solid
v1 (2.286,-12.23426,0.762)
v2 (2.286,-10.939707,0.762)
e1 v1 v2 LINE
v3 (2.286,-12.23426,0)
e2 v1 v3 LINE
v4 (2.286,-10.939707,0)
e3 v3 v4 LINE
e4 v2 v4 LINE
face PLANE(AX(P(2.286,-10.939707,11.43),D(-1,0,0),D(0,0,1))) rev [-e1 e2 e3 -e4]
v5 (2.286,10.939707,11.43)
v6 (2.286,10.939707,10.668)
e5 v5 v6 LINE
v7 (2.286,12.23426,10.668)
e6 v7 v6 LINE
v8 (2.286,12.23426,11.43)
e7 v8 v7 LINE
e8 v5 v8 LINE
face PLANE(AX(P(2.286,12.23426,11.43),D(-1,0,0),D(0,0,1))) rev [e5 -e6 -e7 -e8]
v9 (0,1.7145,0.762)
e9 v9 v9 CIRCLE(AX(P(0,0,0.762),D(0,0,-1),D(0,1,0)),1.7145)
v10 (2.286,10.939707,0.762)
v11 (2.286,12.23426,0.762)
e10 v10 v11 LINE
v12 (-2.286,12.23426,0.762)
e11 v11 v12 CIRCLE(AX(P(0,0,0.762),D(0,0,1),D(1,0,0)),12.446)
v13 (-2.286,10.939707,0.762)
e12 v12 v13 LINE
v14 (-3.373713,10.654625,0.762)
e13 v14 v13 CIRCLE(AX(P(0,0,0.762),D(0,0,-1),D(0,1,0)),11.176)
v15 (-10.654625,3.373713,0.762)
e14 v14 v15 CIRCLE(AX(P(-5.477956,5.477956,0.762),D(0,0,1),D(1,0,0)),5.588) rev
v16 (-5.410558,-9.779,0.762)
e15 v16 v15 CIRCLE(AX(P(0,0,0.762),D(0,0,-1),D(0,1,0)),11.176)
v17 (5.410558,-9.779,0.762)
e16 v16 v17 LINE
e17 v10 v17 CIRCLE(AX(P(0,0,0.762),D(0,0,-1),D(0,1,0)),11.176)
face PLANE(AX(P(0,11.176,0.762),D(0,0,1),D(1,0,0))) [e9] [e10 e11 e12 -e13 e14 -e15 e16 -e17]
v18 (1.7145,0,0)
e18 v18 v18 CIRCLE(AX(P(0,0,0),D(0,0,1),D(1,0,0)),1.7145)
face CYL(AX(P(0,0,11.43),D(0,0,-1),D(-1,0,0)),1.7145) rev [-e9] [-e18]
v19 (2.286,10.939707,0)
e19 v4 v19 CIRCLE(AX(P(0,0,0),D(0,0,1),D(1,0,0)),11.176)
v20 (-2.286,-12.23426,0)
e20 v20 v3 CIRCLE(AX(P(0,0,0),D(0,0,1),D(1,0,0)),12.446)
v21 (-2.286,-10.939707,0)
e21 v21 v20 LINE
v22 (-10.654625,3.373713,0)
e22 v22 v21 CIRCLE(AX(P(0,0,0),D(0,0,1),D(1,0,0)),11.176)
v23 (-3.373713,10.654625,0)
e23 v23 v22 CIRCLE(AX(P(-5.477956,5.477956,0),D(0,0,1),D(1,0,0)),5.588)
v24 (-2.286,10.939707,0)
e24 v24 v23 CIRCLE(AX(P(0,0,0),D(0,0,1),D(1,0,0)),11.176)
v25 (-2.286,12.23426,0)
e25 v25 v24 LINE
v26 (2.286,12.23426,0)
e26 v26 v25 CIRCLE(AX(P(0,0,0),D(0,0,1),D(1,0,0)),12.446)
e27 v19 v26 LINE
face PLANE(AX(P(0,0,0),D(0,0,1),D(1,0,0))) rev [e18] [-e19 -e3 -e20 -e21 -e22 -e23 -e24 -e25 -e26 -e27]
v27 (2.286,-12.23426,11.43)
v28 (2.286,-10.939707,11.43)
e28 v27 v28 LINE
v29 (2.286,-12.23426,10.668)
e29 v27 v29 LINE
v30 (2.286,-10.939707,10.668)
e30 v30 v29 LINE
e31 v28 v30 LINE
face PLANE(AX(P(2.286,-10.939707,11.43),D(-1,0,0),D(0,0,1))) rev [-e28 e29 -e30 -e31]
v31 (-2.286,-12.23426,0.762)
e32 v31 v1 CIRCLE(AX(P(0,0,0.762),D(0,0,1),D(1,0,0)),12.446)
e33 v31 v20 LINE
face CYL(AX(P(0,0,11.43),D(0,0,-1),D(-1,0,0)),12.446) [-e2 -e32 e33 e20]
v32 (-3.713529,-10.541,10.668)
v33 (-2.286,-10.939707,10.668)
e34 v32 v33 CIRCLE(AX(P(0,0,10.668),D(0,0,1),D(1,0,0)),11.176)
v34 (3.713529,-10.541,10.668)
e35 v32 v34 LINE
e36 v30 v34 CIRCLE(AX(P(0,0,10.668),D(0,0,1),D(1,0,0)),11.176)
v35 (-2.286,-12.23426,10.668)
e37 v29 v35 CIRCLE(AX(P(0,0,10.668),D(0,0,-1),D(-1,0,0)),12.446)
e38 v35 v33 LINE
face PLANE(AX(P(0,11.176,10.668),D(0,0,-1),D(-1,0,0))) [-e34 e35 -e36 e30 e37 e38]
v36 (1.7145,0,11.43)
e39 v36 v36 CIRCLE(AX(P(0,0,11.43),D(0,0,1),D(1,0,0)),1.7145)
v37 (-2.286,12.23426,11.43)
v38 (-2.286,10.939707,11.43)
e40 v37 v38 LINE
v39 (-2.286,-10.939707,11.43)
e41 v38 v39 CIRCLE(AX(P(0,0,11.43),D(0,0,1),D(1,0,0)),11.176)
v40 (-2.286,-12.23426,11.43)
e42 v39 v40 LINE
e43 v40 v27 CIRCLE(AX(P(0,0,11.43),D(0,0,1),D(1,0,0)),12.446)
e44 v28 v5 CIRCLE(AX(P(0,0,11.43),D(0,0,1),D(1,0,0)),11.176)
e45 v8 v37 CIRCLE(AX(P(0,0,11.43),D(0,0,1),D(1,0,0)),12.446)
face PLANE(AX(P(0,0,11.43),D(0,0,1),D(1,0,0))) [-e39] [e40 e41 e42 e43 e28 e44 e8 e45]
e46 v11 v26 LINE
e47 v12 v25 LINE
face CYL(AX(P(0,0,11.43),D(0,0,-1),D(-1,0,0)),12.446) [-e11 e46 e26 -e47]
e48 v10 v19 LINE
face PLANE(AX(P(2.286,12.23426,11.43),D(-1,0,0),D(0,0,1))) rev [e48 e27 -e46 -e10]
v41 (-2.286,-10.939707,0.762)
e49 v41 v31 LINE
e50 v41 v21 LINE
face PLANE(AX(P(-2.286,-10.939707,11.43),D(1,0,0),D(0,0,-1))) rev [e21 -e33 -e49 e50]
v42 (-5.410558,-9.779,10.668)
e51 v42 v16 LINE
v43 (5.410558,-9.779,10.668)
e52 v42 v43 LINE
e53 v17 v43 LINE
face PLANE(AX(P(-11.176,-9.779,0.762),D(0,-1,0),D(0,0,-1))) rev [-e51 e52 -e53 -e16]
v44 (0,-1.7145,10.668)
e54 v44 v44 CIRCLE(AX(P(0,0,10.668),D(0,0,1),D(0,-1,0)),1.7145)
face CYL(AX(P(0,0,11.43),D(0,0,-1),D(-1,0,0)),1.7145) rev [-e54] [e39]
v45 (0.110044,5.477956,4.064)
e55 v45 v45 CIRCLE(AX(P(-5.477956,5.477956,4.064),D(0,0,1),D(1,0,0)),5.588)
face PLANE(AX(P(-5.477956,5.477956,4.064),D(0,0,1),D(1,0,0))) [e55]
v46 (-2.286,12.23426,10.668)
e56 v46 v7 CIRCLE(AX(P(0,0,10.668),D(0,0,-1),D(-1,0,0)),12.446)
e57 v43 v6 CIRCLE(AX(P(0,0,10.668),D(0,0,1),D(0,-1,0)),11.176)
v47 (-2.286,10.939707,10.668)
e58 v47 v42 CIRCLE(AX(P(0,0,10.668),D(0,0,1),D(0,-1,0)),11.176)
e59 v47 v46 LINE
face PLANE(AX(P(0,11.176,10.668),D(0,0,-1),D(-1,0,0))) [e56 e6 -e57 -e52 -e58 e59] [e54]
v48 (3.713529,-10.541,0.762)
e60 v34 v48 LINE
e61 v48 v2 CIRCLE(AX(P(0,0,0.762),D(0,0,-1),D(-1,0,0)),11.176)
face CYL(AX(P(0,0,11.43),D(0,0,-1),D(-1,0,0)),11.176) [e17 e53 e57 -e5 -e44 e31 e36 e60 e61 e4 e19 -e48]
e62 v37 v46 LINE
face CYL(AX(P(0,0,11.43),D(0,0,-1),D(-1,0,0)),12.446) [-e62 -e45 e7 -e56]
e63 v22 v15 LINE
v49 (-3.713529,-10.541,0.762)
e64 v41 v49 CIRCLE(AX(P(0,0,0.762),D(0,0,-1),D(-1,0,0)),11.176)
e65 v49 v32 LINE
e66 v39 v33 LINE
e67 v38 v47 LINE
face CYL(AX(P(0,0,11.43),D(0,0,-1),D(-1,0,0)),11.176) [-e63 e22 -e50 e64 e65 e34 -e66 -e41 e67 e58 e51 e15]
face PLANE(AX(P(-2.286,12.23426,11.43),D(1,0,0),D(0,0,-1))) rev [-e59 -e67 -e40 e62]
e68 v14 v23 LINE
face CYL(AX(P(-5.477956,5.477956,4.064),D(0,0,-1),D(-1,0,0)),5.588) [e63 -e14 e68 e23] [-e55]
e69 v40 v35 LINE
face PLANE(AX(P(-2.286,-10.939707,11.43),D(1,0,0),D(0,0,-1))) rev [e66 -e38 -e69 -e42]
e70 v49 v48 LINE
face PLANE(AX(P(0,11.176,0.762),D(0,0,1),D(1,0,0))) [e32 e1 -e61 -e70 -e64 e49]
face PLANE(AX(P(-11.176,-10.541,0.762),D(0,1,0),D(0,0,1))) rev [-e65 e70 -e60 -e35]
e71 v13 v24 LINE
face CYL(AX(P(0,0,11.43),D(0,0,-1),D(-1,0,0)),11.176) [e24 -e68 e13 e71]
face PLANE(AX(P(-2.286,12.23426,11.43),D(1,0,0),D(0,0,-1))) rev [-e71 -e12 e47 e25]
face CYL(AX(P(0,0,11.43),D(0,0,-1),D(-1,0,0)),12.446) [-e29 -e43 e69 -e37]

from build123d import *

# Parameters (mm, degrees)
SKETCH1_R               = 1.7145
BOSS_EXTRUDE1_DEPTH     = 11.43
SKETCH2_W               = 9.906
SKETCH2_H               = 2.54
CUT_EXTRUDE1_DEPTH      = 21.259585188
CUT_EXTRUDE1_DEPTH_BACK = 21.259585188
SKETCH4_W               = 9.906
SKETCH4_H               = 20.955
SKETCH4_H_2             = 0.635
SKETCH3_R               = 5.588
BOSS_EXTRUDE2_DEPTH     = 4.064


with BuildPart() as part:
    # Sketch1 → Boss-Extrude1 (new body)
    with BuildSketch(Plane.XY):
        with BuildLine():
            Line((-2.286, 12.234260092), (-2.286, 10.939706577))
            ThreePointArc((-2.286, 10.939706577), (-11.176, 0), (-2.286, -10.939706577))
            Line((-2.286, -10.939706577), (-2.286, -12.234260092))
            ThreePointArc((-2.286, -12.234260092), (0, -12.446), (2.286, -12.234260092))
            Line((2.286, -12.234260092), (2.286, -10.939706577))
            ThreePointArc((2.286, -10.939706577), (11.176, 0), (2.286, 10.939706577))
            Line((2.286, 10.939706577), (2.286, 12.234260092))
            ThreePointArc((2.286, 12.234260092), (0, 12.446), (-2.286, 12.234260092))
        make_face()
        Circle(SKETCH1_R, mode=Mode.SUBTRACT)
    extrude(amount=BOSS_EXTRUDE1_DEPTH)

    # Sketch2 → Cut-Revolve1 (revolve, cut)
    with BuildSketch(Plane(origin=(0, 0, 0), x_dir=(0, 0, -1), z_dir=(1, 0, 0)), mode=Mode.PRIVATE) as cut_revolve1_sk:
        with Locations((-5.715, 12.446)):
            Rectangle(SKETCH2_W, SKETCH2_H)
    revolve(cut_revolve1_sk.sketch.rotate(Axis((0, 0, 11.43), (0, 0, -1)), 348.19710831), axis=Axis((0, 0, 11.43), (0, 0, -1)), mode=Mode.SUBTRACT)

    # Sketch4 → Cut-Extrude1 (cut, two sides: drawn at the far end of the back side and taken through both)
    with BuildSketch(Plane(origin=(0, 0, 0), x_dir=(0, 0, -1), z_dir=(1, 0, 0)).offset(-CUT_EXTRUDE1_DEPTH_BACK)):
        with Locations((-5.715, 0.6985)):
            Rectangle(SKETCH4_W, SKETCH4_H)
        with Locations((-5.715, -10.8585)):
            Rectangle(SKETCH4_W, SKETCH4_H_2)
    extrude(amount=CUT_EXTRUDE1_DEPTH + CUT_EXTRUDE1_DEPTH_BACK, mode=Mode.SUBTRACT)

    # Sketch3 → Boss-Extrude2 (add)
    with BuildSketch(Plane.XY):
        with Locations(Location((-5.477956234, 5.477956234, 0), (0, 0, 202.121055782))):
            Circle(SKETCH3_R)
    extrude(amount=BOSS_EXTRUDE2_DEPTH)


solid = part.part
